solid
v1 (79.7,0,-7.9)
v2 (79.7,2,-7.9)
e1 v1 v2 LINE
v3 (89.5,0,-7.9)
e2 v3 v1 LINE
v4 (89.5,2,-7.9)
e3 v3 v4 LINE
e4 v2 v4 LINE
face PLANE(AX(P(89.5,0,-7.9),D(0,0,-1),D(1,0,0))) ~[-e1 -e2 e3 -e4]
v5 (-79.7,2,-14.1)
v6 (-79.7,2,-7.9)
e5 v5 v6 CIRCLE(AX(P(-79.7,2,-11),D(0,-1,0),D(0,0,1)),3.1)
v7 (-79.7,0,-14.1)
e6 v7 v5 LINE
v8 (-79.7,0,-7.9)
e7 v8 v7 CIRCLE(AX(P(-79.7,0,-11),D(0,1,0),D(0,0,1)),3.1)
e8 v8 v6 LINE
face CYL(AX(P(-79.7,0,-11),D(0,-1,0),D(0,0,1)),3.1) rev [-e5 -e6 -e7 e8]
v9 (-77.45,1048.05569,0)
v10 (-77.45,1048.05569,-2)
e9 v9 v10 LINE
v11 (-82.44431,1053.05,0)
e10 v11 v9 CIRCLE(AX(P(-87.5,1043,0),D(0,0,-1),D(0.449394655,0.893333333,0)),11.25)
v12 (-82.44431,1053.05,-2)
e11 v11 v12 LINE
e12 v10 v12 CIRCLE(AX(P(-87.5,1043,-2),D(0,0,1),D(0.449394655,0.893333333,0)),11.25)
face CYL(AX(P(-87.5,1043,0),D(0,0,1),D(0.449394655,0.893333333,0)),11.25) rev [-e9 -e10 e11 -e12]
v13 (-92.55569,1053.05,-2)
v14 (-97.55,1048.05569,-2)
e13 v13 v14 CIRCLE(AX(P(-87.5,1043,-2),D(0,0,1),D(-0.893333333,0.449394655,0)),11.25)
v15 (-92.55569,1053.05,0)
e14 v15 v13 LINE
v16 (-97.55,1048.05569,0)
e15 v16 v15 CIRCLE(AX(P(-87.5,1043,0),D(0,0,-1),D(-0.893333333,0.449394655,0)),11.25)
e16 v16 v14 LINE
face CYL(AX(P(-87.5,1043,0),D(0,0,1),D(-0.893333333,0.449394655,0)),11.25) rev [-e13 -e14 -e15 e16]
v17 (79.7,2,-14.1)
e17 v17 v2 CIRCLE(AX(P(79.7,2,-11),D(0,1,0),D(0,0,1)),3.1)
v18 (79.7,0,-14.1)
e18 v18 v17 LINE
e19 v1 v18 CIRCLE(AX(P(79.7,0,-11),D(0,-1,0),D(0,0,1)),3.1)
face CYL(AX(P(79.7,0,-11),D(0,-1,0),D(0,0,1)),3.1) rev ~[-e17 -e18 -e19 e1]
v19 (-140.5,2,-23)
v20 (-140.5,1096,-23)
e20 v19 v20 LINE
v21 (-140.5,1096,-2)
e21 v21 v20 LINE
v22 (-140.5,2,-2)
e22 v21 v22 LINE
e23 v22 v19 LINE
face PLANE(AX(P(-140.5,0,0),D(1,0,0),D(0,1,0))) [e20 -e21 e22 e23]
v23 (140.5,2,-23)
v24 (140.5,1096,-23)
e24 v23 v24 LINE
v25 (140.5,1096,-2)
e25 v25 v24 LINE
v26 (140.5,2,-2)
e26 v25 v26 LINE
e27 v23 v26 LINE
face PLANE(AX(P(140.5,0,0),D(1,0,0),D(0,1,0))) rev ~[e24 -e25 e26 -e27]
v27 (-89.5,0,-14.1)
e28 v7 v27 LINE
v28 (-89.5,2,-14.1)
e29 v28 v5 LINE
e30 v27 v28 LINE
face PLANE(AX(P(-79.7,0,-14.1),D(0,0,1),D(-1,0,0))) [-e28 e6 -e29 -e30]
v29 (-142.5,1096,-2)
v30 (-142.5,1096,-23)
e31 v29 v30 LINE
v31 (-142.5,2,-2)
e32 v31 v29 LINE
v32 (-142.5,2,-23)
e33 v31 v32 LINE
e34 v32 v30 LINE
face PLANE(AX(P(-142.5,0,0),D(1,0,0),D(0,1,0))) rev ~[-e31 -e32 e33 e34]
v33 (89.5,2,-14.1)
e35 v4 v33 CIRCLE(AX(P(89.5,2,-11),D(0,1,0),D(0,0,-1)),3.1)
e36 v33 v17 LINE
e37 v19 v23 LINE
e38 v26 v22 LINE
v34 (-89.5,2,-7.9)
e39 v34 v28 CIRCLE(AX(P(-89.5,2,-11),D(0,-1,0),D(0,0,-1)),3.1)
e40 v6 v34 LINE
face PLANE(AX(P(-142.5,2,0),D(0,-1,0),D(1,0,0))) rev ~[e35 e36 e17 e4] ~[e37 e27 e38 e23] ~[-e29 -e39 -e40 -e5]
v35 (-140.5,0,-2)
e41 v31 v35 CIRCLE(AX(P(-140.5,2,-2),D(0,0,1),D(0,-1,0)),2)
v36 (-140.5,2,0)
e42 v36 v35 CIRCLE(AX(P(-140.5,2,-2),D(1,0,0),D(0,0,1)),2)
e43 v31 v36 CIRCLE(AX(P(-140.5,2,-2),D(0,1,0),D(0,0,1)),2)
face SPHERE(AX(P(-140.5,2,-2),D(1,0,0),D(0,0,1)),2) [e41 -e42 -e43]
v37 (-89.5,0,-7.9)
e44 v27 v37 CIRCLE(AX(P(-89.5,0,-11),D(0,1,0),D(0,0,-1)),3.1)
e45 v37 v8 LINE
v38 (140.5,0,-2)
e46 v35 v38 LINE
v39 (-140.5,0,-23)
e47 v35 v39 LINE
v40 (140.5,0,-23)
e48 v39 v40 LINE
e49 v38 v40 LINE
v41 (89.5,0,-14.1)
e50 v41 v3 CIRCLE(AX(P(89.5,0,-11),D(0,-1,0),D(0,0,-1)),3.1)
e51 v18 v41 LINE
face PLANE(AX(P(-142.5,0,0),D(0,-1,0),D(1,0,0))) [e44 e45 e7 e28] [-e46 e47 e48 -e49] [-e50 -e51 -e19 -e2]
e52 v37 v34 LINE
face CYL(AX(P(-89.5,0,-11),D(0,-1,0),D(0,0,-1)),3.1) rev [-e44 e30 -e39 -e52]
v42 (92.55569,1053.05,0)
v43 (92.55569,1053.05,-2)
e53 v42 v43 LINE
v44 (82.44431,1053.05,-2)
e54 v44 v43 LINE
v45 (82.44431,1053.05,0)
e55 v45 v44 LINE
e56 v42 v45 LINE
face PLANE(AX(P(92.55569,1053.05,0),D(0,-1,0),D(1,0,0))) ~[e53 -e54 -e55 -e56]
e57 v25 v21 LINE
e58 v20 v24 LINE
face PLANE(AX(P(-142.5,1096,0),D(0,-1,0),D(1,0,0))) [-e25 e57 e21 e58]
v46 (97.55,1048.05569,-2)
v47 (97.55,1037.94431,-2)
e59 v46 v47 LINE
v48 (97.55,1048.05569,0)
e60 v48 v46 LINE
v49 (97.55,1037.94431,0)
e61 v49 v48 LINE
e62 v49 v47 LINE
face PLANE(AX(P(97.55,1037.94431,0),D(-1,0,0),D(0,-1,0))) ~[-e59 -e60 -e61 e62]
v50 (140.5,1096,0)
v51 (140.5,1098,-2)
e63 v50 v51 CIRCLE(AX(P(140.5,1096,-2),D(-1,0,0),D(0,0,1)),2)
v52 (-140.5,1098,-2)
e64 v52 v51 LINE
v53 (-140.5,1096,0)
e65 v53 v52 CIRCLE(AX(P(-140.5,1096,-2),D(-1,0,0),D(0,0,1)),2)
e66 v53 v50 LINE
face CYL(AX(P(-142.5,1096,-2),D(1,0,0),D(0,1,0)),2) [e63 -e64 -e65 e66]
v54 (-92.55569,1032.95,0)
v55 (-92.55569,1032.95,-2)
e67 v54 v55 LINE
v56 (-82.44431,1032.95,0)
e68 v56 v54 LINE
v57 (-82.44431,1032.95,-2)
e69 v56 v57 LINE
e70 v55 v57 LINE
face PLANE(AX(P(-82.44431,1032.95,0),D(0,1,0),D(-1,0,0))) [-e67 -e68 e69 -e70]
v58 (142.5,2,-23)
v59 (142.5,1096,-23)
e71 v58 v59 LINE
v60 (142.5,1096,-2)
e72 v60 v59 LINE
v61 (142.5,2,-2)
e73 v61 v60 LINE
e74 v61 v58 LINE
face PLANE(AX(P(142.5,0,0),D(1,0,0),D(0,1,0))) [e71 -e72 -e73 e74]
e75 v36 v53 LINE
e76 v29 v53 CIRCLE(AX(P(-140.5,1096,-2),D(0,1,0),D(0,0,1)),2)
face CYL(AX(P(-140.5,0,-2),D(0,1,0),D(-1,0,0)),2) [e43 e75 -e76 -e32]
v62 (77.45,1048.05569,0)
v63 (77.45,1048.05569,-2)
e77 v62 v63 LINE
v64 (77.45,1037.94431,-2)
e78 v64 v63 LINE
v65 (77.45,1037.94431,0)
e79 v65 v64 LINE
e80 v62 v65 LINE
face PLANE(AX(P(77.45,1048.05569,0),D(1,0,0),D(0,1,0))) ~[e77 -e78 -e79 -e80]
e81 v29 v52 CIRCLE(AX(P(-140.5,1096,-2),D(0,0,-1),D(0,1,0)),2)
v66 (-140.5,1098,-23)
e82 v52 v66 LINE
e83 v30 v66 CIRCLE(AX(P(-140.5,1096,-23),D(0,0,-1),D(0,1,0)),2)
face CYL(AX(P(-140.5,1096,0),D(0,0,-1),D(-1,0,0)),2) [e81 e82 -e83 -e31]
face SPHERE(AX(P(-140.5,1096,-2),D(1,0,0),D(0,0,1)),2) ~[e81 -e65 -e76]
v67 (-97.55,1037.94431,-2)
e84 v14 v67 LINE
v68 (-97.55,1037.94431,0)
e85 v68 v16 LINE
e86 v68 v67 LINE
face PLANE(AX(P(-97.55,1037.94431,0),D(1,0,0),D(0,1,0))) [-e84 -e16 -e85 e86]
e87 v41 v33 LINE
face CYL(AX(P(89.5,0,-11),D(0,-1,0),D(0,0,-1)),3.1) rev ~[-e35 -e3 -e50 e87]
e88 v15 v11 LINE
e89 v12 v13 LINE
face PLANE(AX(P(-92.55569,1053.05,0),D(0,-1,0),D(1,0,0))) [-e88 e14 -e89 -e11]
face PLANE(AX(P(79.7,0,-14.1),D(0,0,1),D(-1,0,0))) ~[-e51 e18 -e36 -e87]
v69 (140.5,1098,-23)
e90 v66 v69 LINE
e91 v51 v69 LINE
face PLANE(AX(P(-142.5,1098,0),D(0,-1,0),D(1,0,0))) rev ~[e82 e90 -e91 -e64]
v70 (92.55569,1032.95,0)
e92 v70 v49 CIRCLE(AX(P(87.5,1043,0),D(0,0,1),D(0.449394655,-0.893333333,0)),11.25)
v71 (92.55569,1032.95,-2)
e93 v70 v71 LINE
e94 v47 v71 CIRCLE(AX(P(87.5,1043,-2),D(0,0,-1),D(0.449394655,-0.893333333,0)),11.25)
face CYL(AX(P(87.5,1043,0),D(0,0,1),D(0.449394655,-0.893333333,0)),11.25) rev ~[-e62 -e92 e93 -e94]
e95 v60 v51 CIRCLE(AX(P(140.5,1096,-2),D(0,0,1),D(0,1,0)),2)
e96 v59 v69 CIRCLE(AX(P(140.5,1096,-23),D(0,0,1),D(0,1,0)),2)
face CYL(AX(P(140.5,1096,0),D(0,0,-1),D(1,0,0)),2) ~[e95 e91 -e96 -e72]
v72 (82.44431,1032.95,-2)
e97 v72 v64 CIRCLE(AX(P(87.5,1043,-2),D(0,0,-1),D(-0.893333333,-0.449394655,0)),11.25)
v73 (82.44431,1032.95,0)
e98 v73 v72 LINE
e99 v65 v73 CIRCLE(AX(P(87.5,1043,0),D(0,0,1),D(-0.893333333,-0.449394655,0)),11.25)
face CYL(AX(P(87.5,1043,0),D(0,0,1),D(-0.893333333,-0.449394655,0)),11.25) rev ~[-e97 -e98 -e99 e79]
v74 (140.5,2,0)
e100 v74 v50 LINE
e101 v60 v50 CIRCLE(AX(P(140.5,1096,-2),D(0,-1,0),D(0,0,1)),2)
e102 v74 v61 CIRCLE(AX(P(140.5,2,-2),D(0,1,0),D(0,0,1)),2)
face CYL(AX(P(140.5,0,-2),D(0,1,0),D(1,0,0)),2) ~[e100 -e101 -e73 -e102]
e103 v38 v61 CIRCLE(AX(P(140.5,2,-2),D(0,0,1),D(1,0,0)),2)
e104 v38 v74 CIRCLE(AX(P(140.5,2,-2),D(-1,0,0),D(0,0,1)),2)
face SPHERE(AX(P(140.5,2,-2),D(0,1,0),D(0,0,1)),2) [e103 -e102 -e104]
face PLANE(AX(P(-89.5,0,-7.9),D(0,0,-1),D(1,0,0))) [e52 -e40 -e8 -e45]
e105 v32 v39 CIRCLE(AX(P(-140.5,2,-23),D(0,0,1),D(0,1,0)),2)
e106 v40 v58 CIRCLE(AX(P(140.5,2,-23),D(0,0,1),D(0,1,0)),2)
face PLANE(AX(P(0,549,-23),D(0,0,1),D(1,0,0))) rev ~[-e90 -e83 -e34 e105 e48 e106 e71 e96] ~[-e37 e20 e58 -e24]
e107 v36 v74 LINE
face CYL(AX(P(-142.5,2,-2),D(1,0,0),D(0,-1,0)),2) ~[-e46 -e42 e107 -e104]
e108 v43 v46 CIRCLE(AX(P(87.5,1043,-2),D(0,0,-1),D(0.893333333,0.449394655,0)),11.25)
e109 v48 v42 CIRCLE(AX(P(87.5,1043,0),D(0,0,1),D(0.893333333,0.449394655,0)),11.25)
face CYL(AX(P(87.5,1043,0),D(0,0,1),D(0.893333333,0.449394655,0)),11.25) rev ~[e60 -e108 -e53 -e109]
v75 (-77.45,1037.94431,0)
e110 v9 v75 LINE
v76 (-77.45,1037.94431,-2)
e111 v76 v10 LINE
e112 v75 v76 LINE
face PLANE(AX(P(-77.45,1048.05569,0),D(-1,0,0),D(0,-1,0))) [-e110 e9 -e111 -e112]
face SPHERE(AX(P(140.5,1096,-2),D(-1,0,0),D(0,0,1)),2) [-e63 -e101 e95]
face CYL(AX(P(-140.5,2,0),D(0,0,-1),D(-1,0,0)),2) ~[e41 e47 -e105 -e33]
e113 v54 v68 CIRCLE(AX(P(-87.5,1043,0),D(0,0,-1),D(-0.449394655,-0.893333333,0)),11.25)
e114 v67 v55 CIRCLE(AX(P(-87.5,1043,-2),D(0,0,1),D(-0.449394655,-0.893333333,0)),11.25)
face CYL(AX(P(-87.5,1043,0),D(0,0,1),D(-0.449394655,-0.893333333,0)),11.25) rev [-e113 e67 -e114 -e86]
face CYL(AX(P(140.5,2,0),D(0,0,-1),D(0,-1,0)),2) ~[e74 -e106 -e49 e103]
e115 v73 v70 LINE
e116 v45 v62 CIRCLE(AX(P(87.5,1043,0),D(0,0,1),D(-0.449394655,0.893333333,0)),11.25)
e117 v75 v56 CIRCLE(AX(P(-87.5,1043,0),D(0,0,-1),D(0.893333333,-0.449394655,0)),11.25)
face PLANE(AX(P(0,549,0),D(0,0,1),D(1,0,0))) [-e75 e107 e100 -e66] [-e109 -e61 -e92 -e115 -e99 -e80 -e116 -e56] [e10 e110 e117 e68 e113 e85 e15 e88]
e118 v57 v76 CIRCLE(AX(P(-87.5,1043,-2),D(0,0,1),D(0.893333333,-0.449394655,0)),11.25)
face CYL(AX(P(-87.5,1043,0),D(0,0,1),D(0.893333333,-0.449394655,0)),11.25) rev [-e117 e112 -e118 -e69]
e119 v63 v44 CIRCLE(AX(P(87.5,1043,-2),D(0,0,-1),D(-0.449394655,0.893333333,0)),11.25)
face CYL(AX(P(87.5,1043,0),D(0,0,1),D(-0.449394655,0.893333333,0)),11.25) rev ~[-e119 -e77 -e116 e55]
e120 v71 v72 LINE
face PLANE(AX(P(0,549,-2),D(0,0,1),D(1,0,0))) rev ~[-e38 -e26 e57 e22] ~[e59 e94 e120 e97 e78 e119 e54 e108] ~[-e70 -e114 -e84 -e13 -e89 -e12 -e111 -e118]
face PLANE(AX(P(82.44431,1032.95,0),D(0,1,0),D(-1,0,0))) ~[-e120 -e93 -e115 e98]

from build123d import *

# Parameters (mm, degrees)
SKIZZE1_W                       = 285
SKIZZE1_H                       = 1098
BASIS_LINEAR_AUSTRAGEN_DEPTH    = 23
WANDUNG1_T                      = -2
VERRUNDUNG1_R                   = 2
SCHNITT_LINEAR_AUSTRAGEN1_REACH = 1109.447
SCHNITT_LINEAR_AUSTRAGEN2_REACH = 1109.447


with BuildPart() as part:
    # Skizze1 → Basis-Linear austragen (new body)
    with BuildSketch(Plane.XY):
        with Locations((0, 549)):
            Rectangle(SKIZZE1_W, SKIZZE1_H)
    extrude(amount=-BASIS_LINEAR_AUSTRAGEN_DEPTH)

    # Wandung1
    wandung1_openings = [part.faces().sort_by_distance(p)[0] for p in [
        (0, 549, -23),
    ]]
    offset(amount=WANDUNG1_T, openings=wandung1_openings, kind=Kind.INTERSECTION)

    # Verrundung1
    verrundung1_edges = [part.edges().sort_by_distance(p)[0] for p in [
        (0, 1098, 0),
        (142.5, 549, 0),
        (0, 0, 0),
        (-142.5, 549, 0),
        (-142.5, 1098, -11.5),
        (142.5, 1098, -11.5),
        (142.5, 0, -11.5),
        (-142.5, 0, -11.5),
    ]]
    fillet(verrundung1_edges, radius=VERRUNDUNG1_R)

    # Skizze2 → Schnitt-Linear austragen1 (cut, up to next)
    with BuildSketch(Plane.XY, mode=Mode.PRIVATE) as schnitt_linear_austragen1_sk1:
        with BuildLine():
            Line((-92.555689864, 1053.05), (-82.444310136, 1053.05))
            ThreePointArc((-82.444310136, 1053.05), (-79.545048712, 1050.954951288), (-77.45, 1048.055689864))
            Line((-77.45, 1048.055689864), (-77.45, 1037.944310136))
            ThreePointArc((-77.45, 1037.944310136), (-79.545048712, 1035.045048712), (-82.444310136, 1032.95))
            Line((-82.444310136, 1032.95), (-92.555689864, 1032.95))
            ThreePointArc((-92.555689864, 1032.95), (-95.454951288, 1035.045048712), (-97.55, 1037.944310136))
            Line((-97.55, 1037.944310136), (-97.55, 1048.055689864))
            ThreePointArc((-97.55, 1048.055689864), (-95.454951288, 1050.954951288), (-92.555689864, 1053.05))
        make_face()
    schnitt_linear_austragen1_tool1 = extrude(schnitt_linear_austragen1_sk1.sketch, amount=-SCHNITT_LINEAR_AUSTRAGEN1_REACH, mode=Mode.PRIVATE) & part.part
    schnitt_linear_austragen1 = schnitt_linear_austragen1_tool1.solids().sort_by_distance((-87.5, 1043, 0))[0]
    add(schnitt_linear_austragen1, mode=Mode.SUBTRACT)

    # Skizze3 → Schnitt-Linear austragen2 (cut, up to next)
    with BuildSketch(Plane.XZ, mode=Mode.PRIVATE) as schnitt_linear_austragen2_sk1:
        with BuildLine():
            Line((-89.5, -7.9), (-79.7, -7.9))
            ThreePointArc((-79.7, -7.9), (-76.6, -11), (-79.7, -14.1))
            Line((-79.7, -14.1), (-89.5, -14.1))
            ThreePointArc((-89.5, -14.1), (-92.6, -11), (-89.5, -7.9))
        make_face()
    schnitt_linear_austragen2_tool1 = extrude(schnitt_linear_austragen2_sk1.sketch, amount=-SCHNITT_LINEAR_AUSTRAGEN2_REACH, mode=Mode.PRIVATE) & part.part
    schnitt_linear_austragen2 = schnitt_linear_austragen2_tool1.solids().sort_by_distance((-84.6, 0, -11))[0]
    add(schnitt_linear_austragen2, mode=Mode.SUBTRACT)

    # Spiegeln1: Schnitt-Linear austragen1, Schnitt-Linear austragen2 across plane
    add(schnitt_linear_austragen1.mirror(Plane(origin=(0, 0, 0), x_dir=(0, 0, 1), z_dir=(1, 0, 0))), mode=Mode.SUBTRACT)
    add(schnitt_linear_austragen2.mirror(Plane(origin=(0, 0, 0), x_dir=(0, 0, 1), z_dir=(1, 0, 0))), mode=Mode.SUBTRACT)


solid = part.part
